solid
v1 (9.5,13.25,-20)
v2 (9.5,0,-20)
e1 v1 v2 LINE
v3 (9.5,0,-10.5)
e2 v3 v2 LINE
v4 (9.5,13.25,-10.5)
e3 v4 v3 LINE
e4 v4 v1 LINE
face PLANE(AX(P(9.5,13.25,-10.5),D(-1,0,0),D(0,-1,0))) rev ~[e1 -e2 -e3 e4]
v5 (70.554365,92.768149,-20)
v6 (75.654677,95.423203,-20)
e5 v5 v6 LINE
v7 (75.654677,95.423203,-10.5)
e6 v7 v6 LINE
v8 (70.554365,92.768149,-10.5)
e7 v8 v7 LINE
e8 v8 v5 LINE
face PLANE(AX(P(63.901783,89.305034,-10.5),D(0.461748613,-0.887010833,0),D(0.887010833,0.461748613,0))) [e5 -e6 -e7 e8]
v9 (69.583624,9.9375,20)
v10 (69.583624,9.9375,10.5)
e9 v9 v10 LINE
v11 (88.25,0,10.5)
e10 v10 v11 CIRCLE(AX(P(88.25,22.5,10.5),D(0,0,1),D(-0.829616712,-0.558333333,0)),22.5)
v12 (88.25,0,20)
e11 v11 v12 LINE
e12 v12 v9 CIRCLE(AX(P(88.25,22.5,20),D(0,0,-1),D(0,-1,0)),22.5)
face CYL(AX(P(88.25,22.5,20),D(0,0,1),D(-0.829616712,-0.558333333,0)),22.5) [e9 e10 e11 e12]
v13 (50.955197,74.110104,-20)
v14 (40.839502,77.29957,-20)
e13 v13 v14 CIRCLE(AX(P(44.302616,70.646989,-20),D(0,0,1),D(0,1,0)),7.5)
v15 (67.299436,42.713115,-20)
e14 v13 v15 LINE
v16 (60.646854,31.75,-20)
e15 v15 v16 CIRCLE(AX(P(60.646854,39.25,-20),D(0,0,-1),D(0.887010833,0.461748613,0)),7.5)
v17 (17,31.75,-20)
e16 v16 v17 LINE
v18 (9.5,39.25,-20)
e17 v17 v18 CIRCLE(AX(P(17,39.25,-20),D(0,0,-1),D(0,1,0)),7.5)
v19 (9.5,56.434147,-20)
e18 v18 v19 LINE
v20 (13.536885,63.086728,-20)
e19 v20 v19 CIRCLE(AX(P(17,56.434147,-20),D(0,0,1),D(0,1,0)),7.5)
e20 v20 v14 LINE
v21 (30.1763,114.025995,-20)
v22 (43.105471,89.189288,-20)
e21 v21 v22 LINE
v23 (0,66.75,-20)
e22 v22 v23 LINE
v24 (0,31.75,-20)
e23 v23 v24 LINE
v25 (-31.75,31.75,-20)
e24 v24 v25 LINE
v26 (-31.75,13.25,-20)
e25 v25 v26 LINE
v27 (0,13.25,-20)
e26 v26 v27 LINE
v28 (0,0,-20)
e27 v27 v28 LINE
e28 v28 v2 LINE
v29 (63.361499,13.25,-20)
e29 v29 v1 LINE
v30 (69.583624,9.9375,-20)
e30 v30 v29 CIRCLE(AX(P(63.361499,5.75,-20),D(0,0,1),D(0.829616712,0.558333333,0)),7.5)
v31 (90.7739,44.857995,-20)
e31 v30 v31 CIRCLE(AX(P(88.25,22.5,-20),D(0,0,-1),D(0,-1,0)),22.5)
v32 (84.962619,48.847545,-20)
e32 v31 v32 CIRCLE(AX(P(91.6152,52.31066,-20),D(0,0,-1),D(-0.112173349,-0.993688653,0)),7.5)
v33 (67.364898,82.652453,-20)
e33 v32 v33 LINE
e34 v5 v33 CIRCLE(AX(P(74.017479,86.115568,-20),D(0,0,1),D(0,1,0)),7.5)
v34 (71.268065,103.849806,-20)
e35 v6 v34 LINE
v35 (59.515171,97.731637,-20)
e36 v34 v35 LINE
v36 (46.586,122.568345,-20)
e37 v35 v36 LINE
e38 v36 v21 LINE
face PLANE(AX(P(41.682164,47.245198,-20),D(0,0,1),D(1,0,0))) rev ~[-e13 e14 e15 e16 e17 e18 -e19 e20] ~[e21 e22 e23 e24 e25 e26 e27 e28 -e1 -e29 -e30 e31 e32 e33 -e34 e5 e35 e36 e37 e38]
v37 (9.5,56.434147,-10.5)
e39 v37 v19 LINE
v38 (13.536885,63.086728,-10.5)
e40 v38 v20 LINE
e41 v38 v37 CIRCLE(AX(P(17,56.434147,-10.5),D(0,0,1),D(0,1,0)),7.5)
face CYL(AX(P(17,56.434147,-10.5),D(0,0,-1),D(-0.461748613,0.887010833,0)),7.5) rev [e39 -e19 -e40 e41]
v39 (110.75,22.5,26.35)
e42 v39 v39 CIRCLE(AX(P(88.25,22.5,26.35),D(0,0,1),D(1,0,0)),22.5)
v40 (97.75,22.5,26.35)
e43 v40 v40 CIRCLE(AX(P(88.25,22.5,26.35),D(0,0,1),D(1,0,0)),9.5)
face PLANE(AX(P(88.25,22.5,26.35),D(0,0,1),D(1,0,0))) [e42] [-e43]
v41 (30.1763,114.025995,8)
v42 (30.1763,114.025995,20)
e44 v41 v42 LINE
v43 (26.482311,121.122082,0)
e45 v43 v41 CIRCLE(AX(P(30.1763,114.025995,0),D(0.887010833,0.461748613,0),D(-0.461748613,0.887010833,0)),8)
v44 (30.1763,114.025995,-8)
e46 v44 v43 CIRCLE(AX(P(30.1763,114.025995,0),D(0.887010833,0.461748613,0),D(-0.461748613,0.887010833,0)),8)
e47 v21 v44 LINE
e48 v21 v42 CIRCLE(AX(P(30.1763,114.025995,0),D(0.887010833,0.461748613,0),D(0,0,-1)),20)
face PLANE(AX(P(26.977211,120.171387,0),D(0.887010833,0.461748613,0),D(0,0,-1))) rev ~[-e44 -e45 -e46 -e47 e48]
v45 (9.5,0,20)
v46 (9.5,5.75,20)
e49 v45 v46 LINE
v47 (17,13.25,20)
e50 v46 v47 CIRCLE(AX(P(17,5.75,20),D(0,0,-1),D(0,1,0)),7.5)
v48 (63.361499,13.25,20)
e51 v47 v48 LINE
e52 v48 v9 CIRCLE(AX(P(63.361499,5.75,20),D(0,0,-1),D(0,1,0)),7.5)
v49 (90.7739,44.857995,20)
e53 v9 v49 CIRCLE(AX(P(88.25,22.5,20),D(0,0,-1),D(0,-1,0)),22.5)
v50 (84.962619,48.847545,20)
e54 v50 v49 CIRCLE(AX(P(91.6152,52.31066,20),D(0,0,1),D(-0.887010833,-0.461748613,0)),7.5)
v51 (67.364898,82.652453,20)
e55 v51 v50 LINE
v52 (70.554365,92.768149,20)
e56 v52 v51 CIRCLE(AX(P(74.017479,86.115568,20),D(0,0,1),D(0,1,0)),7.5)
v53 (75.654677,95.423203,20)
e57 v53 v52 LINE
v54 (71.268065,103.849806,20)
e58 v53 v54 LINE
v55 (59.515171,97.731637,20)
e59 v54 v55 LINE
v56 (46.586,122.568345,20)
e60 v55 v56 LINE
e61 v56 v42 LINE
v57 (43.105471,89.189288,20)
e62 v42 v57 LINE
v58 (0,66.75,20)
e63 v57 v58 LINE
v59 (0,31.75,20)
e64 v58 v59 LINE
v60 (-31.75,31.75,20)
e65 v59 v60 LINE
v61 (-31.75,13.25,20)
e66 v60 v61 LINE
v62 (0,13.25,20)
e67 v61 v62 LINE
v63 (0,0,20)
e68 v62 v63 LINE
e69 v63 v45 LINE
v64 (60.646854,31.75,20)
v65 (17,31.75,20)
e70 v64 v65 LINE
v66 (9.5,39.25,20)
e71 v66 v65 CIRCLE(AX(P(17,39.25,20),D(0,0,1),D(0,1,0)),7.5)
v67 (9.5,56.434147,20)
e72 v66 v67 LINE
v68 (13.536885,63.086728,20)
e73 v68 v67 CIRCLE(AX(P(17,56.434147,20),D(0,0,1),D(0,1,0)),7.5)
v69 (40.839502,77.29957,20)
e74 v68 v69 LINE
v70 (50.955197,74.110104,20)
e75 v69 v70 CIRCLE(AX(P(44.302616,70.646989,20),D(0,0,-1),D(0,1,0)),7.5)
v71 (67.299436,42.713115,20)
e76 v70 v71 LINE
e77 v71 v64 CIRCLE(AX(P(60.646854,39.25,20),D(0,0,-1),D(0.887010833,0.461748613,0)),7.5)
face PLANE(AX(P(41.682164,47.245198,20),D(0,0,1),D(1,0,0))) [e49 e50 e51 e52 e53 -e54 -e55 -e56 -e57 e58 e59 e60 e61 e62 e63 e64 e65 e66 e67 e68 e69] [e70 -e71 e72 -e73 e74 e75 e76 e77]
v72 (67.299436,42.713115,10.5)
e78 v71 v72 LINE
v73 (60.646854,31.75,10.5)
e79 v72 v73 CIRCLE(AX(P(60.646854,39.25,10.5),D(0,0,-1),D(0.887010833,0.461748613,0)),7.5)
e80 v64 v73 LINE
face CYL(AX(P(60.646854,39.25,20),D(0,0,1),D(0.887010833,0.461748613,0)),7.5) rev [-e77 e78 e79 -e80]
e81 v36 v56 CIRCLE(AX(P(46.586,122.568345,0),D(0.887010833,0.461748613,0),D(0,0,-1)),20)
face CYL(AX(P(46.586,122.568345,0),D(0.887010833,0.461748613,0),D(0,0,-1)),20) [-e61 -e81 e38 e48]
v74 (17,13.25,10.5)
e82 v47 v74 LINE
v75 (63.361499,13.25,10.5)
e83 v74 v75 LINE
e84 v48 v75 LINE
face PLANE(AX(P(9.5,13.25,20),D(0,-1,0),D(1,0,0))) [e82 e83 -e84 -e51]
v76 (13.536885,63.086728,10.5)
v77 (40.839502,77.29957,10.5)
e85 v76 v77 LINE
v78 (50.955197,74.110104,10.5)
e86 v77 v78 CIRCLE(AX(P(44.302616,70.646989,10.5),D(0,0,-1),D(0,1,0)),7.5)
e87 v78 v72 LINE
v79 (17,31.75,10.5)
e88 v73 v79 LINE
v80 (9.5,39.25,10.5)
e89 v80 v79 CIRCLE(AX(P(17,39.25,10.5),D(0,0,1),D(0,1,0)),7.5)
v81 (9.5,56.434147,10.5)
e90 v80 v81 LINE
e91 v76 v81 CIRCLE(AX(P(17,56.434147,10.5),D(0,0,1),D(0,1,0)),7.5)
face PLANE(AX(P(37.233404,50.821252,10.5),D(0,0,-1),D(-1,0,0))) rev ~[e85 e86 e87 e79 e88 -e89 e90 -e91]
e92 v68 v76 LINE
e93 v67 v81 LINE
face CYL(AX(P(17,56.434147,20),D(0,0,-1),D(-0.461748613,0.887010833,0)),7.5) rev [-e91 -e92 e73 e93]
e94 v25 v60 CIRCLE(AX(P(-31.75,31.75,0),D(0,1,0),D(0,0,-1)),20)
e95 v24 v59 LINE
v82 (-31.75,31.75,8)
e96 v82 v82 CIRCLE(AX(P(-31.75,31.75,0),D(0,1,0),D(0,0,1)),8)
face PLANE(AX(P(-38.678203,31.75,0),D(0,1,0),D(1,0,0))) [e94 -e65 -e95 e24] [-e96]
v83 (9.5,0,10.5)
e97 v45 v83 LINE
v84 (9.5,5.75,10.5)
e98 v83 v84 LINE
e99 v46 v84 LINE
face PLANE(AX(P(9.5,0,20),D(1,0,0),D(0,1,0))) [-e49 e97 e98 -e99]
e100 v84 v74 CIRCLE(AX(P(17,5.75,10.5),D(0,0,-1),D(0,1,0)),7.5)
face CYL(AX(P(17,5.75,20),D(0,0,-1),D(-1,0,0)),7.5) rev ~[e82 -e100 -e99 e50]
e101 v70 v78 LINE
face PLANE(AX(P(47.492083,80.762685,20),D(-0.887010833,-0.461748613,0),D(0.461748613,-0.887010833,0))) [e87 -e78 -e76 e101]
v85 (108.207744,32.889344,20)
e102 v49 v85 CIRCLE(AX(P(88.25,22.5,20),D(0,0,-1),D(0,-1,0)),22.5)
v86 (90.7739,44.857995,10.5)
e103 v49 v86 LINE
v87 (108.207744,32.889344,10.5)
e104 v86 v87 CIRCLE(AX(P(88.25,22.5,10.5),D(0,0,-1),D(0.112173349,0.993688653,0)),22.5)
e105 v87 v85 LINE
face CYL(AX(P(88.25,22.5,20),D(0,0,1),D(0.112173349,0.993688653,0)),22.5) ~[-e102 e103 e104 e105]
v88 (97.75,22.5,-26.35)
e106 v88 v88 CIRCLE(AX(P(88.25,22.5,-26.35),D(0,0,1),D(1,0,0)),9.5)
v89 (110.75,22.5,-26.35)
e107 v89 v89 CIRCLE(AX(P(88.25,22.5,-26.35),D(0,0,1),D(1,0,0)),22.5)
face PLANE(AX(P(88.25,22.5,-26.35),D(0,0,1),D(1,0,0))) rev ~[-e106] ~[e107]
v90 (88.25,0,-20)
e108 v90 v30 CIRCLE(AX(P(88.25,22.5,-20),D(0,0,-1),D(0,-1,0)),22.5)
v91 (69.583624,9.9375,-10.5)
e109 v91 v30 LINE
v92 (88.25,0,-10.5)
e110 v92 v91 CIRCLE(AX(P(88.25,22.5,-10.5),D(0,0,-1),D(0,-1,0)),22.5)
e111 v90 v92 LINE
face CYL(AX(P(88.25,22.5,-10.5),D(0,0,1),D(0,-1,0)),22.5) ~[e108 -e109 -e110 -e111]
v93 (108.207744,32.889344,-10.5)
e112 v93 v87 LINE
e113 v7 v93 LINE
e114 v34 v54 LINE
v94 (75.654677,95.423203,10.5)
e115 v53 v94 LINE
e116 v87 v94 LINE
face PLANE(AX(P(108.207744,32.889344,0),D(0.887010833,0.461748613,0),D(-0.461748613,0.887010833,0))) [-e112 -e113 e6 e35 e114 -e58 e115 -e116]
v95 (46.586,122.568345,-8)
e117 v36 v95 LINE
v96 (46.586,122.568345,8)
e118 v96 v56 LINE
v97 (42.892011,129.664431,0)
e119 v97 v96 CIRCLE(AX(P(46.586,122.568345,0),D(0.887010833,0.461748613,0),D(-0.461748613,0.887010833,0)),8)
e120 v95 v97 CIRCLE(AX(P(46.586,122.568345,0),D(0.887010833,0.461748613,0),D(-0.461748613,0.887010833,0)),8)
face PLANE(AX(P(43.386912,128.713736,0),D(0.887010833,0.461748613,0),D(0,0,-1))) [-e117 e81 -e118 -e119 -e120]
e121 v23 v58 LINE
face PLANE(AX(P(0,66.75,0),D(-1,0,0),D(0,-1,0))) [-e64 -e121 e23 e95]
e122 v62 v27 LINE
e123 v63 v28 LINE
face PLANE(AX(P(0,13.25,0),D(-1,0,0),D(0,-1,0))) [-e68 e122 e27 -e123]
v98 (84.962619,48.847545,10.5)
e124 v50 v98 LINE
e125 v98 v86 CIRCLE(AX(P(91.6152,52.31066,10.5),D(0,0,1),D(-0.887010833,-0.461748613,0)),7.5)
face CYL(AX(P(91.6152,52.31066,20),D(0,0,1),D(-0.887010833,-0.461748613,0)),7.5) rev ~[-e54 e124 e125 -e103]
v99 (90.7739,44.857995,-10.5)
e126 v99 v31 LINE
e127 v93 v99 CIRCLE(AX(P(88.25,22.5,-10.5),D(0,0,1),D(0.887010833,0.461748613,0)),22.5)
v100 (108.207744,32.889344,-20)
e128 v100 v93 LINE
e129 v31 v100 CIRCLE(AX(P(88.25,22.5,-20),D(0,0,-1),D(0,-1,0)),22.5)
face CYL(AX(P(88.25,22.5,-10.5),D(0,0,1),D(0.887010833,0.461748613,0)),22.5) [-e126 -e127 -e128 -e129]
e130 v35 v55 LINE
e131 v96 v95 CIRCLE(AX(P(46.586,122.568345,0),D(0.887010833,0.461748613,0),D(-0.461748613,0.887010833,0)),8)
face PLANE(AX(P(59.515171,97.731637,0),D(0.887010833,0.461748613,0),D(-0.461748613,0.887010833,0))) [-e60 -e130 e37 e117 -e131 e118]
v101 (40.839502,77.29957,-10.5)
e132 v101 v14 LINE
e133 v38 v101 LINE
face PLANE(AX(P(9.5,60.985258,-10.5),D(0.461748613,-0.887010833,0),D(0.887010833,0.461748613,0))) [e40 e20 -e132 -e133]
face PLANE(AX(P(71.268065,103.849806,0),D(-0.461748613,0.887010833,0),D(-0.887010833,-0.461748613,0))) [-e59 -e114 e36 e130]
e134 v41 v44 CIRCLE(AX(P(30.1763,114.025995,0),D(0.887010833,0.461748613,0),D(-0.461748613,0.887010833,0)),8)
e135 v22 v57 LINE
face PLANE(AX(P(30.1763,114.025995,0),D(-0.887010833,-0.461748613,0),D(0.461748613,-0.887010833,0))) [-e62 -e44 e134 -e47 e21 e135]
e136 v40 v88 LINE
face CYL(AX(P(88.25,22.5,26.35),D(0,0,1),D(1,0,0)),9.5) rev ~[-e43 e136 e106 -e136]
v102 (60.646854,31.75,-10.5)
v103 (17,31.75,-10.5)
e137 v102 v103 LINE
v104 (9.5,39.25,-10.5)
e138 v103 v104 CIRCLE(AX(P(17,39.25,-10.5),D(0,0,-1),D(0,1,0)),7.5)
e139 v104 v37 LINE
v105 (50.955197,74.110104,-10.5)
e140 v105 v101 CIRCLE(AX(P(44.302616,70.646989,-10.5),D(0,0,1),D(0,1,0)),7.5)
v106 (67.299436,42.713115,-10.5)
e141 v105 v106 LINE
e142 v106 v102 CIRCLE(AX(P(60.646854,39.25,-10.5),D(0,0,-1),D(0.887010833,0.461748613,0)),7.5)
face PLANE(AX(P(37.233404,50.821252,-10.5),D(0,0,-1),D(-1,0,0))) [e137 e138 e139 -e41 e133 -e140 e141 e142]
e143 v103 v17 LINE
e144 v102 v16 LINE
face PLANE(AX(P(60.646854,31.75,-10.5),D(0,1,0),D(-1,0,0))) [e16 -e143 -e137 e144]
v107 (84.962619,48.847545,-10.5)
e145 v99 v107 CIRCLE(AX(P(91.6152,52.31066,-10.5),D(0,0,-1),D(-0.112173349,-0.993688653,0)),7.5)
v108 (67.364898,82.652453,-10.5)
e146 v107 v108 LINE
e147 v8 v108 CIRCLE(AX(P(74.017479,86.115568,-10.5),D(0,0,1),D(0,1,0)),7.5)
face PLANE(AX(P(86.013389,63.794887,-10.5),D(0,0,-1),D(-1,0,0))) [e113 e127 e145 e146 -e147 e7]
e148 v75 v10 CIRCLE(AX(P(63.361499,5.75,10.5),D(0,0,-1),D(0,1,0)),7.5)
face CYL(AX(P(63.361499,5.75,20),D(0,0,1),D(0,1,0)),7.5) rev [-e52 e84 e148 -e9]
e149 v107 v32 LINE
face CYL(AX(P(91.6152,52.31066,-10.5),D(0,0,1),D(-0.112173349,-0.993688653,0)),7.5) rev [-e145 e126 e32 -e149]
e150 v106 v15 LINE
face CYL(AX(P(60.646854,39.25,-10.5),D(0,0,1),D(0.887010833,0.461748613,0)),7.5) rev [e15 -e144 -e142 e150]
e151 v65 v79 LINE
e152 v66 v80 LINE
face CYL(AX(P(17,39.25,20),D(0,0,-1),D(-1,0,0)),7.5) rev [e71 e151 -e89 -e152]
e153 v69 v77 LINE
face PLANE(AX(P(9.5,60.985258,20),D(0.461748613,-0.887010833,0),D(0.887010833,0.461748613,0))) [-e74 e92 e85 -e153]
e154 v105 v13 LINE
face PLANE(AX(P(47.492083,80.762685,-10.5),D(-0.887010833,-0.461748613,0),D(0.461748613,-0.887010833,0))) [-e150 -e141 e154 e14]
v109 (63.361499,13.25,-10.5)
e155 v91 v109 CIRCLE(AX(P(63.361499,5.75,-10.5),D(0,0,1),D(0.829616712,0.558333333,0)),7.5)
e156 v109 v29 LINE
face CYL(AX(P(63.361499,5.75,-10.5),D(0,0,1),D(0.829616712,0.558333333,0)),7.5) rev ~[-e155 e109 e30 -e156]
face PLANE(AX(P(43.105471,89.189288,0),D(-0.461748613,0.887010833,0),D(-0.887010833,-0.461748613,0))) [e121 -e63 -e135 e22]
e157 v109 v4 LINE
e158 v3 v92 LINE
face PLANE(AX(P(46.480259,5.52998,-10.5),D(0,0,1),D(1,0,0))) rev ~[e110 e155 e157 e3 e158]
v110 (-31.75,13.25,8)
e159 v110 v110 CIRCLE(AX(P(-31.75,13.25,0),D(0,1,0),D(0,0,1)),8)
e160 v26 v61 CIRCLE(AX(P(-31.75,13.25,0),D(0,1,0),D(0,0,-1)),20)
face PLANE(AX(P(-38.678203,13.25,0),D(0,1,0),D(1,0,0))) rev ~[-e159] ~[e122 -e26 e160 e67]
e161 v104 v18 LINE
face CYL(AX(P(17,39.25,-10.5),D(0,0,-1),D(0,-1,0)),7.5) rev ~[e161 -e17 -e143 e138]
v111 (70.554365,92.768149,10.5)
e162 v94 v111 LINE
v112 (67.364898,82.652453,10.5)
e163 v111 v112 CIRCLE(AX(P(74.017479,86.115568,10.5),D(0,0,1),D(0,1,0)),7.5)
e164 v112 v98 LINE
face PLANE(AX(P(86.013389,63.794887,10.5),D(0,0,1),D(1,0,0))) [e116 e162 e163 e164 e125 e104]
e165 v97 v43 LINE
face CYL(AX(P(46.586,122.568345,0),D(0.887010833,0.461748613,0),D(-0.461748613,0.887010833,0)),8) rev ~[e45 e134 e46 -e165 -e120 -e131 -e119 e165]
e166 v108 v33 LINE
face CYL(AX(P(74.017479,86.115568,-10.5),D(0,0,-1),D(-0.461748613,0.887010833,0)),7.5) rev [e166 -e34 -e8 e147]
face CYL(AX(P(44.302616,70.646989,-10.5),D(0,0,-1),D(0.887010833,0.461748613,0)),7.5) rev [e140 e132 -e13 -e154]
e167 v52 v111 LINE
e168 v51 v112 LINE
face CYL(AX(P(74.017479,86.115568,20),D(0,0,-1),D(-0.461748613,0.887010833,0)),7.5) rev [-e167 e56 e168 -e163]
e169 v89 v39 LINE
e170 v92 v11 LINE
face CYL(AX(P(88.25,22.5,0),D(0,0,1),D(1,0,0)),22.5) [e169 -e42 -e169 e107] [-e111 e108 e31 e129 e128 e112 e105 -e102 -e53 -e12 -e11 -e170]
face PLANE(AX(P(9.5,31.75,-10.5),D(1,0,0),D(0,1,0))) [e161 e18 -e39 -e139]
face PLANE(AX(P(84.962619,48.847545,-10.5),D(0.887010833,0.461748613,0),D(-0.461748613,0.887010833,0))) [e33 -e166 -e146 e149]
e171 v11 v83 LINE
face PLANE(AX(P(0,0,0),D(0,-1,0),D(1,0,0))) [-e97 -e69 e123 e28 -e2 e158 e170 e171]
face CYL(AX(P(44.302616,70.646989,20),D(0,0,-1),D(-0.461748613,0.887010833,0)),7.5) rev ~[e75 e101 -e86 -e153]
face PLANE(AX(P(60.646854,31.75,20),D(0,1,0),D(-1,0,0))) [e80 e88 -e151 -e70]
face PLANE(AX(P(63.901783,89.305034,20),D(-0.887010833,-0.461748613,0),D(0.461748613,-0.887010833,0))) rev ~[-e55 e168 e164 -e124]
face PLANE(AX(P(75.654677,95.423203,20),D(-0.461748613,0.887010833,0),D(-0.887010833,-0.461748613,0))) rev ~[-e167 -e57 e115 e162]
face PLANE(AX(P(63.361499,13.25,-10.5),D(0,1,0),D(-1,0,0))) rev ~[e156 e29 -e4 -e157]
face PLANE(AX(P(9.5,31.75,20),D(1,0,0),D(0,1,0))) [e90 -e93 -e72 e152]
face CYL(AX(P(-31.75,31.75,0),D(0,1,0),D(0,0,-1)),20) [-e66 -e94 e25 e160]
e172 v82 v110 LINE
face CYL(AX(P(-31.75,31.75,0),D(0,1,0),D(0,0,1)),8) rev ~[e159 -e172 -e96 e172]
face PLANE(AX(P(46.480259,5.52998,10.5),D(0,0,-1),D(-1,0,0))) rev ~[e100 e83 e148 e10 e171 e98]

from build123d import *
from build123d.topology import SkipClean

# Parameters (mm, degrees)
BOSS_EXTRU_1_DEPTH       = 20
ESQUISSE4_R              = 22.5
BOSS_EXTRU_2_DEPTH       = 26.35
ESQUISSE6_R              = 9.5
ENL_V_MAT_EXTRU_1_DEPTH  = 174.395073781
ENL_V_MAT_EXTRU_2_DEPTH  = 9.5
CONG_1_R                 = 7.5
ENL_V_START              = -9.5
ENL_V_MAT_EXTRU_10_DEPTH = 9.5
ENL_V_MAT_EXTRU_6_DEPTH  = 9.5
CONG_3_R                 = 7.5
ENL_V_MAT_EXTRU_7_DEPTH  = 9.5
CONG_4_R                 = 7.5
BOSS_EXTRU_4_DEPTH       = 18.5
ESQUISSE14_R             = 8
ENL_V_MAT_EXTRU_8_DEPTH  = 146.629175394
BOSS_EXTRU_5_DEPTH       = 18.5
ESQUISSE16_R             = 8
ENL_V_MAT_EXTRU_9_DEPTH  = 171.14276454


with BuildPart() as part:
    # Esquisse2 → Boss.-Extru.1 (new, symmetric)
    with BuildSketch(Plane.XY):
        with BuildLine():
            Line((0, 0), (88.25, 0))
            ThreePointArc((88.25, 0), (69.01448291, 34.172398309), (108.207743747, 32.889343798))
            Line((108.207743747, 32.889343798), (71.268065021, 103.849806406))
            Line((71.268065021, 103.849806406), (59.515171481, 97.731637281))
            Line((59.515171481, 97.731637281), (46.585999978, 122.568344656))
            Line((46.585999978, 122.568344656), (30.176299564, 114.025995311))
            Line((30.176299564, 114.025995311), (43.105471067, 89.189287936))
            Line((43.105471067, 89.189287936), (0, 66.75))
            Line((0, 66.75), (0, 31.75))
            Line((0, 31.75), (-31.75, 31.75))
            Line((-31.75, 31.75), (-31.75, 13.25))
            Line((-31.75, 13.25), (0, 13.25))
            Line((0, 13.25), (0, 0))
        make_face()
    extrude(amount=BOSS_EXTRU_1_DEPTH, both=True)

    # Esquisse4 → Boss.-Extru.2 (add, symmetric)
    with BuildSketch(Plane.XY):
        with Locations((88.25, 22.5)):
            Circle(ESQUISSE4_R)
    extrude(amount=BOSS_EXTRU_2_DEPTH, both=True)

    # Esquisse6 → Enlèv. mat.-Extru.1 (cut, through all)
    with BuildSketch(Plane.XY.offset(26.35)):
        with Locations((88.25, 22.5)):
            Circle(ESQUISSE6_R)
    extrude(amount=-ENL_V_MAT_EXTRU_1_DEPTH, mode=Mode.SUBTRACT)

    # Esquisse7 → Enlèv. mat.-Extru.2 (cut)
    with SkipClean():  # the faces are left unmerged after this step: merging them gives an invalid solid
        with BuildSketch(Plane.XY.offset(20)):
            with BuildLine():
                Line((9.5, 0), (9.5, 13.25))
                Line((9.5, 13.25), (63.361498639, 13.25))
                ThreePointArc((63.361498639, 13.25), (66.885966684, 12.370281338), (69.583623979, 9.9375))
                ThreePointArc((69.583623979, 9.9375), (77.676595865, 2.639155985), (88.25, 0))
                Line((88.25, 0), (9.5, 0))
            make_face()
        extrude(amount=-ENL_V_MAT_EXTRU_2_DEPTH, mode=Mode.SUBTRACT)

    # Congé1
    cong_1_edges = [part.edges().sort_by_distance(p)[0] for p in [
        (9.5, 13.25, 15.25),
    ]]
    fillet(cong_1_edges, radius=CONG_1_R)

    # Esquisse18 → Enlèv. mat.-Extru.10 (cut)
    with BuildSketch(Plane(origin=(0, 0, -20), x_dir=(-1, 0, 0), z_dir=(0, 0, -1)).offset(ENL_V_START)):
        with BuildLine():
            Line((-9.5, 0), (-88.25, 0))
            ThreePointArc((-88.25, 0), (-77.676595865, 2.639155985), (-69.583623979, 9.9375))
            ThreePointArc((-69.583623979, 9.9375), (-66.885966684, 12.370281338), (-63.361498639, 13.25))
            Line((-63.361498639, 13.25), (-9.5, 13.25))
            Line((-9.5, 13.25), (-9.5, 0))
        make_face()
    extrude(amount=ENL_V_MAT_EXTRU_10_DEPTH, mode=Mode.SUBTRACT)

    # Esquisse11 → Enlèv. mat.-Extru.6 (cut)
    with BuildSketch(Plane.XY.offset(20)):
        with BuildLine():
            Line((47.492082893, 80.762685021), (67.299435542, 42.713114599))
            ThreePointArc((67.299435542, 42.713114599), (67.058693323, 35.359200564), (60.646854293, 31.75))
            Line((60.646854293, 31.75), (9.5, 31.75))
            Line((9.5, 31.75), (9.5, 60.985258485))
            Line((9.5, 60.985258485), (47.492082893, 80.762685021))
        make_face()
        with BuildLine():
            Line((63.901783307, 89.305034366), (84.962619218, 48.847545001))
            ThreePointArc((84.962619218, 48.847545001), (87.370357433, 46.127512536), (90.77390035, 44.8579947))
            ThreePointArc((90.77390035, 44.8579947), (100.984529101, 41.049441193), (108.207743747, 32.889343798))
            Line((108.207743747, 32.889343798), (75.654676846, 95.423203491))
            Line((75.654676846, 95.423203491), (63.901783307, 89.305034366))
        make_face()
    extrude(amount=-ENL_V_MAT_EXTRU_6_DEPTH, mode=Mode.SUBTRACT)

    # Congé3
    cong_3_edges = [part.edges().sort_by_distance(p)[0] for p in [
        (63.901783307, 89.305034366, 15.25),
        (9.5, 60.985258485, 15.25),
        (47.492082893, 80.762685021, 15.25),
        (9.5, 31.75, 15.25),
    ]]
    fillet(cong_3_edges, radius=CONG_3_R)

    # Esquisse12 → Enlèv. mat.-Extru.7 (cut)
    with BuildSketch(Plane(origin=(0, 0, -20), x_dir=(-1, 0, 0), z_dir=(0, 0, -1)).offset(ENL_V_START)):
        with BuildLine():
            Line((-75.654676846, 95.423203491), (-108.207743747, 32.889343798))
            ThreePointArc((-108.207743747, 32.889343798), (-100.984529101, 41.049441193), (-90.77390035, 44.8579947))
            ThreePointArc((-90.77390035, 44.8579947), (-87.370357433, 46.127512536), (-84.962619218, 48.847545001))
            Line((-84.962619218, 48.847545001), (-63.901783307, 89.305034366))
            Line((-63.901783307, 89.305034366), (-75.654676846, 95.423203491))
        make_face()
        with BuildLine():
            Line((-9.5, 31.75), (-9.5, 60.985258485))
            Line((-9.5, 60.985258485), (-47.492082893, 80.762685021))
            Line((-47.492082893, 80.762685021), (-67.299435542, 42.713114599))
            ThreePointArc((-67.299435542, 42.713114599), (-67.058693323, 35.359200564), (-60.646854293, 31.75))
            Line((-60.646854293, 31.75), (-9.5, 31.75))
        make_face()
    extrude(amount=ENL_V_MAT_EXTRU_7_DEPTH, mode=Mode.SUBTRACT)

    # Congé4
    cong_4_edges = [part.edges().sort_by_distance(p)[0] for p in [
        (9.5, 31.75, -15.25),
        (47.492082893, 80.762685021, -15.25),
        (9.5, 60.985258485, -15.25),
        (63.901783307, 89.305034366, -15.25),
    ]]
    fillet(cong_4_edges, radius=CONG_4_R)

    # Esquisse13 → Boss.-Extru.4 (add)
    with BuildSketch(Plane(origin=(0, 31.75, 0), x_dir=(1, 0, 0), z_dir=(0, 1, 0))):
        with BuildLine():
            Line((-31.75, -20), (-31.75, 20))
            ThreePointArc((-31.75, 20), (-51.75, 0), (-31.75, -20))
        make_face()
    extrude(amount=-BOSS_EXTRU_4_DEPTH)

    # Esquisse14 → Enlèv. mat.-Extru.8 (cut, through all)
    with BuildSketch(Plane(origin=(0, 31.75, 0), x_dir=(1, 0, 0), z_dir=(0, 1, 0))):
        with Locations(Location((-31.75, 0, 0), (0, 0, 270))):
            Circle(ESQUISSE14_R)
    extrude(amount=-ENL_V_MAT_EXTRU_8_DEPTH, mode=Mode.SUBTRACT)

    # Esquisse15 → Boss.-Extru.5 (add)
    with BuildSketch(Plane(origin=(86.854370959, 45.213523718, 0), x_dir=(0, 0, -1), z_dir=(0.8870108331782227, 0.4617486132350318, 0))):
        with BuildLine():
            Line((-20, 87.208428629), (20, 87.208428629))
            ThreePointArc((20, 87.208428629), (0, 107.208428629), (-20, 87.208428629))
        make_face()
    extrude(amount=-BOSS_EXTRU_5_DEPTH)

    # Esquisse16 → Enlèv. mat.-Extru.9 (cut, through all)
    with BuildSketch(Plane(origin=(86.854370959, 45.213523718, 0), x_dir=(0, 0, -1), z_dir=(0.8870108331782227, 0.4617486132350318, 0))):
        with Locations(Location((0, 87.208428629, 0), (0, 0, 90))):
            Circle(ESQUISSE16_R)
    extrude(amount=-ENL_V_MAT_EXTRU_9_DEPTH, mode=Mode.SUBTRACT)


solid = part.part
